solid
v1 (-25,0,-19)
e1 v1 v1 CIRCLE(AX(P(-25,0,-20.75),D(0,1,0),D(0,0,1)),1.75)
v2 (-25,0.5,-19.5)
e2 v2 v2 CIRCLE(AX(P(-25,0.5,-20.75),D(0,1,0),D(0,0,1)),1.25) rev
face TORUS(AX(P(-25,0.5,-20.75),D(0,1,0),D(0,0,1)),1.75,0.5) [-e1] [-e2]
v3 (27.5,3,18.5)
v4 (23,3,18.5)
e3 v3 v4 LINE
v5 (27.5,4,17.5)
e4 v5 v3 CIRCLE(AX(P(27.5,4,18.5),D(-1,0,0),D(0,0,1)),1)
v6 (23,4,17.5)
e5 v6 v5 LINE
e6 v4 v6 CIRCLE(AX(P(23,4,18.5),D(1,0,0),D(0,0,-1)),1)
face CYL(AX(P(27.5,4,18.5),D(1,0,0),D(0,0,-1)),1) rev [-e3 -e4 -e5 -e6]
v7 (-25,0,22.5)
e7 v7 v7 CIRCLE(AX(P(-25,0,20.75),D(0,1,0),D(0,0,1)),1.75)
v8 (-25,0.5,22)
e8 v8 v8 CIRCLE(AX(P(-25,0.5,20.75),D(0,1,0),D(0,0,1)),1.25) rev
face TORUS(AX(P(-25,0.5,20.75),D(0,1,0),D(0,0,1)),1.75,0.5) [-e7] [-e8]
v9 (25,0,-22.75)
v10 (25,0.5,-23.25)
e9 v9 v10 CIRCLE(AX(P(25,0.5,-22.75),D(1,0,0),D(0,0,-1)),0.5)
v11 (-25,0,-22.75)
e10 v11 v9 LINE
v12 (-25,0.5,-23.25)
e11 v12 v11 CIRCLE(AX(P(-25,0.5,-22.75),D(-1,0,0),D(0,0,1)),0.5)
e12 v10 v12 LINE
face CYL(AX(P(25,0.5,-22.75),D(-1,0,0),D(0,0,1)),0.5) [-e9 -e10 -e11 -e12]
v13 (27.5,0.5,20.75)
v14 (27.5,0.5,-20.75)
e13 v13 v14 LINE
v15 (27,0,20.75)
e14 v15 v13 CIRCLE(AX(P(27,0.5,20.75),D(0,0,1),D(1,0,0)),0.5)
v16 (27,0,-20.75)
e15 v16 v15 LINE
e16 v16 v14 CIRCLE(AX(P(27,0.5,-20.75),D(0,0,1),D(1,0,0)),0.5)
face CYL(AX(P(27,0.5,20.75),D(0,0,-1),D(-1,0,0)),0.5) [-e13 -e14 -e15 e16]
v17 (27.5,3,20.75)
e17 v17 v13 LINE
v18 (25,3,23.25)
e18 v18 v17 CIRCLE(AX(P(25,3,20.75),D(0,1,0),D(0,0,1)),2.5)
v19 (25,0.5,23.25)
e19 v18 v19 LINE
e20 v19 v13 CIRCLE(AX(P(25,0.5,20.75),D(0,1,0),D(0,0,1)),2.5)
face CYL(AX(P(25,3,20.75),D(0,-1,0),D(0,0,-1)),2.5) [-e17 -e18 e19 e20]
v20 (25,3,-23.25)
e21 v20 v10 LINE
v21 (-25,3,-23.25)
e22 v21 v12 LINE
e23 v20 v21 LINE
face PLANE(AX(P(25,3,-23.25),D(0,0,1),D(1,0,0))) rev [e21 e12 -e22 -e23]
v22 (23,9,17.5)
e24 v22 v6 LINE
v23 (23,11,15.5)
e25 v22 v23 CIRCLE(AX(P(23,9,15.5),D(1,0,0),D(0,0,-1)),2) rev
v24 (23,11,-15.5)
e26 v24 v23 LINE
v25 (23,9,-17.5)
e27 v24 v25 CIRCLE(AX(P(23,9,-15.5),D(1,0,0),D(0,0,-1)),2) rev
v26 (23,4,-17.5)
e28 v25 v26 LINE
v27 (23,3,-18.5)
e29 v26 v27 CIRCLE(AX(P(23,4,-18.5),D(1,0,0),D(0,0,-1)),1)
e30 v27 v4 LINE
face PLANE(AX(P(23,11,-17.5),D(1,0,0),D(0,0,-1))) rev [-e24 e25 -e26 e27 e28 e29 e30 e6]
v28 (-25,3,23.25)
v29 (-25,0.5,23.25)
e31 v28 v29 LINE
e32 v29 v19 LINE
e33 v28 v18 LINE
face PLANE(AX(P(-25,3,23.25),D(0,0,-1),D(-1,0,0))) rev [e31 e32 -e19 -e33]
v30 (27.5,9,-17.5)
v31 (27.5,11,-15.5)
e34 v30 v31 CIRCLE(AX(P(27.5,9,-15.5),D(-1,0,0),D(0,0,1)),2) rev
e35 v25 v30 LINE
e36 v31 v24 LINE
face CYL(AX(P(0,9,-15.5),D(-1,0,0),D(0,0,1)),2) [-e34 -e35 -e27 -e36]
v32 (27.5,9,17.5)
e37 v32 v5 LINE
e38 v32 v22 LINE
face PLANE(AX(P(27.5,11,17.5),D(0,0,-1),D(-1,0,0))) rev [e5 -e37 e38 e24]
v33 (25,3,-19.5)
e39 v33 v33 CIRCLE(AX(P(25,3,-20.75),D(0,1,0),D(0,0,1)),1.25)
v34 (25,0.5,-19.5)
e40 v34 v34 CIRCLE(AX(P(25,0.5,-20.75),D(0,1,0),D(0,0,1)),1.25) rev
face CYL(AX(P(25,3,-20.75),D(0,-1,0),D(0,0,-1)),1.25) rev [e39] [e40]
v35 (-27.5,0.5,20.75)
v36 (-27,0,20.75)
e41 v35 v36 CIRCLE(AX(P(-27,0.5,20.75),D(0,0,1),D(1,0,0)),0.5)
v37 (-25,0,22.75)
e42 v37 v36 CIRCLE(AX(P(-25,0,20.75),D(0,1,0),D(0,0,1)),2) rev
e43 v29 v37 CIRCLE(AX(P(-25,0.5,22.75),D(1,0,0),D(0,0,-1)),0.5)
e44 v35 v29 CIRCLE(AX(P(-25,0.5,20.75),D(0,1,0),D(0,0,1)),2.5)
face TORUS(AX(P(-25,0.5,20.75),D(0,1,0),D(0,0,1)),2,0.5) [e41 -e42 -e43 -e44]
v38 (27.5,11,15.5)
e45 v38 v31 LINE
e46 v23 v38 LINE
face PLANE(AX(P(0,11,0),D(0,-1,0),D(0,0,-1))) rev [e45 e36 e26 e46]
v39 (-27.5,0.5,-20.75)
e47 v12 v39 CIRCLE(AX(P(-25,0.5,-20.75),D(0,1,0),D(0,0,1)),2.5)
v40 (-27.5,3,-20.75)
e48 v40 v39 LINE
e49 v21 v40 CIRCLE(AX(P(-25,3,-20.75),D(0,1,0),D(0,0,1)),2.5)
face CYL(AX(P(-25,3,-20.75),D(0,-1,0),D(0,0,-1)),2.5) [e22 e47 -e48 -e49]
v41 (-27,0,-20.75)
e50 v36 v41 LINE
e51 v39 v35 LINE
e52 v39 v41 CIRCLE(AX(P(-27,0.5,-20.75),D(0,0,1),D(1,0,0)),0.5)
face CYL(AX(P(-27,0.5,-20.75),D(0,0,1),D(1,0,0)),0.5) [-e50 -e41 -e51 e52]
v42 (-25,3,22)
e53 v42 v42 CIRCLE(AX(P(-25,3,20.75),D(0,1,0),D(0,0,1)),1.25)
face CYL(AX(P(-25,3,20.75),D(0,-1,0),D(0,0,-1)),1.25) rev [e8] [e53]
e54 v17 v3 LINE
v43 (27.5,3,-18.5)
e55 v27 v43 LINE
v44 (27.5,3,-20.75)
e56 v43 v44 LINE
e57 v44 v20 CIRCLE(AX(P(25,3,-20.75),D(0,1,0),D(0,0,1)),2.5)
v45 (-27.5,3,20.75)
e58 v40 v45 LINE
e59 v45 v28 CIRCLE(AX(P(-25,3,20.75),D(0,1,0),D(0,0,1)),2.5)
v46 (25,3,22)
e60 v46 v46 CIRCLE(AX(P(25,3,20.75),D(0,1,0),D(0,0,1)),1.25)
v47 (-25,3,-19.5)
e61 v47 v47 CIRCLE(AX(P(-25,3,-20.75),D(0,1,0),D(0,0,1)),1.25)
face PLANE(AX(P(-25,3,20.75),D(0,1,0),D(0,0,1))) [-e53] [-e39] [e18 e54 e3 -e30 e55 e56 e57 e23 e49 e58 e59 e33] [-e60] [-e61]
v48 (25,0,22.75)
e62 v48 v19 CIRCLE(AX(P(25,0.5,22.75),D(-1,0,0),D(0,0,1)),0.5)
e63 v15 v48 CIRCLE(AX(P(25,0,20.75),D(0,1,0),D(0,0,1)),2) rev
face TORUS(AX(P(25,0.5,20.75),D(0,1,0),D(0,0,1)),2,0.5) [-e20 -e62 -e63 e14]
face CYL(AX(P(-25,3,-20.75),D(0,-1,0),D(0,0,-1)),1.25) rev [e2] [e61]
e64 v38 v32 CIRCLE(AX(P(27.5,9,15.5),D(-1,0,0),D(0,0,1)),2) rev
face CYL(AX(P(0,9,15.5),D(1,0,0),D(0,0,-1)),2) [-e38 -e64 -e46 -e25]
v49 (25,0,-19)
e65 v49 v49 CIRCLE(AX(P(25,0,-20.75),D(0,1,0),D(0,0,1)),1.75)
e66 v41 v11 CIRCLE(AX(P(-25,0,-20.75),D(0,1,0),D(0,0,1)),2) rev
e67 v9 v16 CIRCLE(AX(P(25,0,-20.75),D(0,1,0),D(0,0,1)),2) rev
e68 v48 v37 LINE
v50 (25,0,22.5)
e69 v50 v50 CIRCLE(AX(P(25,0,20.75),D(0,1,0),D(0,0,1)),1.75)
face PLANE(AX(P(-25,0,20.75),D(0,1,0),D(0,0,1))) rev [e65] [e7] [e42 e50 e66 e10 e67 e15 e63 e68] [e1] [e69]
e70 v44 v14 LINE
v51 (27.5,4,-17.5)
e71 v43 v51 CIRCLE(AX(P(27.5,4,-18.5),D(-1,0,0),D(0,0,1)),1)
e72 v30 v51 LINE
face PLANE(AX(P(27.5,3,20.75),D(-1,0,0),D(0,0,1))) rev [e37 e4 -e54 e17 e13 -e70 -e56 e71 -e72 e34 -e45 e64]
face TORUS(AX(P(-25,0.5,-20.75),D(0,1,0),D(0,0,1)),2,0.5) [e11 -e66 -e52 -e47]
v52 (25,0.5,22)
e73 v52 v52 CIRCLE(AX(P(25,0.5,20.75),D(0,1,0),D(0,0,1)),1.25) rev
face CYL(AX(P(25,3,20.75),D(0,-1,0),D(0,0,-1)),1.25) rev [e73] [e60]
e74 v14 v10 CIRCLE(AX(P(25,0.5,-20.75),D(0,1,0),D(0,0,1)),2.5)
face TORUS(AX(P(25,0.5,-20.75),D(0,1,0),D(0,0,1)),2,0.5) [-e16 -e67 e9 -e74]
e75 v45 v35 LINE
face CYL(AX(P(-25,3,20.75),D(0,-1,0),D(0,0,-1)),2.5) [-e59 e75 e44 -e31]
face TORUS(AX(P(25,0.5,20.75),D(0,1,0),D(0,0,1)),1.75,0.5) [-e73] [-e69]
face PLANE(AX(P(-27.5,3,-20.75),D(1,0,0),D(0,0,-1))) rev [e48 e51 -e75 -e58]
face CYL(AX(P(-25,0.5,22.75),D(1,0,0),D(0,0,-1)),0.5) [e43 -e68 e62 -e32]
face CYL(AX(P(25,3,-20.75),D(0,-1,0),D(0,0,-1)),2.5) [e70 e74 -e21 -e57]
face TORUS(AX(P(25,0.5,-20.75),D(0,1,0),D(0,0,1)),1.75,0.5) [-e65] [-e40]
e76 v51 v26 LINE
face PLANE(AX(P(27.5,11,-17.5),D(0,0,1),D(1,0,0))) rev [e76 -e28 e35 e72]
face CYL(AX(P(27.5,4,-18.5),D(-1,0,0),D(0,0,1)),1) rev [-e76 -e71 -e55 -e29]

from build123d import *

# Parameters (mm, degrees)
SKETCH1_R           = 1.25
BOSS_EXTRUDE1_DEPTH = 3
SKETCH2_W           = 4.5
SKETCH2_H           = 35
BOSS_EXTRUDE2_DEPTH = 8
FILLET1_R           = 1
FILLET2_R           = 2
FILLET3_R           = 0.5


with BuildPart() as part:
    # Sketch1 → Boss-Extrude1 (new body)
    with BuildSketch(Plane(origin=(0, 0, 0), x_dir=(1, 0, 0), z_dir=(0, 1, 0))):
        with BuildLine():
            Line((-27.5, -19.25), (-27.5, -20.75))
            ThreePointArc((-27.5, -20.75), (-26.767766953, -22.517766953), (-25, -23.25))
            Line((-25, -23.25), (25, -23.25))
            ThreePointArc((25, -23.25), (26.767766953, -22.517766953), (27.5, -20.75))
            Line((27.5, -20.75), (27.5, 20.75))
            ThreePointArc((27.5, 20.75), (26.767766953, 22.517766953), (25, 23.25))
            Line((25, 23.25), (-25, 23.25))
            ThreePointArc((-25, 23.25), (-26.767766953, 22.517766953), (-27.5, 20.75))
            Line((-27.5, 20.75), (-27.5, 19.25))
            Line((-27.5, 19.25), (-27.5, -19.25))
        make_face()
        with Locations(Location((-25, -20.75, 0), (0, 0, 270))):
            Circle(SKETCH1_R, mode=Mode.SUBTRACT)
        with Locations(Location((25, -20.75, 0), (0, 0, 270))):
            Circle(SKETCH1_R, mode=Mode.SUBTRACT)
        with Locations(Location((25, 20.75, 0), (0, 0, 270))):
            Circle(SKETCH1_R, mode=Mode.SUBTRACT)
        with Locations(Location((-25, 20.75, 0), (0, 0, 270))):
            Circle(SKETCH1_R, mode=Mode.SUBTRACT)
    extrude(amount=BOSS_EXTRUDE1_DEPTH)

    # Sketch2 → Boss-Extrude2 (add)
    with BuildSketch(Plane(origin=(0, 3, 0), x_dir=(1, 0, 0), z_dir=(0, 1, 0))):
        with Locations((25.25, 0)):
            Rectangle(SKETCH2_W, SKETCH2_H)
    extrude(amount=BOSS_EXTRUDE2_DEPTH)

    # Fillet1
    fillet1_edges = [part.edges().sort_by_distance(p)[0] for p in [
        (25.25, 3, -17.5),
        (25.25, 3, 17.5),
    ]]
    fillet(fillet1_edges, radius=FILLET1_R)

    # Fillet2
    fillet2_edges = [part.edges().sort_by_distance(p)[0] for p in [
        (25.25, 11, -17.5),
        (25.25, 11, 17.5),
    ]]
    fillet(fillet2_edges, radius=FILLET2_R)

    # Fillet3
    fillet3_edges = [part.edges().sort_by_distance(p)[0] for p in [
        (-27.5, 0, 0),
        (-26.767766953, 0, -22.517766953),
        (0, 0, -23.25),
        (26.767766953, 0, -22.517766953),
        (27.5, 0, 0),
        (26.767766953, 0, 22.517766953),
        (0, 0, 23.25),
        (-26.767766953, 0, 22.517766953),
        (-25, 0, 19.5),
        (25, 0, 19.5),
        (25, 0, -22),
        (-25, 0, -22),
    ]]
    fillet(fillet3_edges, radius=FILLET3_R)


solid = part.part
